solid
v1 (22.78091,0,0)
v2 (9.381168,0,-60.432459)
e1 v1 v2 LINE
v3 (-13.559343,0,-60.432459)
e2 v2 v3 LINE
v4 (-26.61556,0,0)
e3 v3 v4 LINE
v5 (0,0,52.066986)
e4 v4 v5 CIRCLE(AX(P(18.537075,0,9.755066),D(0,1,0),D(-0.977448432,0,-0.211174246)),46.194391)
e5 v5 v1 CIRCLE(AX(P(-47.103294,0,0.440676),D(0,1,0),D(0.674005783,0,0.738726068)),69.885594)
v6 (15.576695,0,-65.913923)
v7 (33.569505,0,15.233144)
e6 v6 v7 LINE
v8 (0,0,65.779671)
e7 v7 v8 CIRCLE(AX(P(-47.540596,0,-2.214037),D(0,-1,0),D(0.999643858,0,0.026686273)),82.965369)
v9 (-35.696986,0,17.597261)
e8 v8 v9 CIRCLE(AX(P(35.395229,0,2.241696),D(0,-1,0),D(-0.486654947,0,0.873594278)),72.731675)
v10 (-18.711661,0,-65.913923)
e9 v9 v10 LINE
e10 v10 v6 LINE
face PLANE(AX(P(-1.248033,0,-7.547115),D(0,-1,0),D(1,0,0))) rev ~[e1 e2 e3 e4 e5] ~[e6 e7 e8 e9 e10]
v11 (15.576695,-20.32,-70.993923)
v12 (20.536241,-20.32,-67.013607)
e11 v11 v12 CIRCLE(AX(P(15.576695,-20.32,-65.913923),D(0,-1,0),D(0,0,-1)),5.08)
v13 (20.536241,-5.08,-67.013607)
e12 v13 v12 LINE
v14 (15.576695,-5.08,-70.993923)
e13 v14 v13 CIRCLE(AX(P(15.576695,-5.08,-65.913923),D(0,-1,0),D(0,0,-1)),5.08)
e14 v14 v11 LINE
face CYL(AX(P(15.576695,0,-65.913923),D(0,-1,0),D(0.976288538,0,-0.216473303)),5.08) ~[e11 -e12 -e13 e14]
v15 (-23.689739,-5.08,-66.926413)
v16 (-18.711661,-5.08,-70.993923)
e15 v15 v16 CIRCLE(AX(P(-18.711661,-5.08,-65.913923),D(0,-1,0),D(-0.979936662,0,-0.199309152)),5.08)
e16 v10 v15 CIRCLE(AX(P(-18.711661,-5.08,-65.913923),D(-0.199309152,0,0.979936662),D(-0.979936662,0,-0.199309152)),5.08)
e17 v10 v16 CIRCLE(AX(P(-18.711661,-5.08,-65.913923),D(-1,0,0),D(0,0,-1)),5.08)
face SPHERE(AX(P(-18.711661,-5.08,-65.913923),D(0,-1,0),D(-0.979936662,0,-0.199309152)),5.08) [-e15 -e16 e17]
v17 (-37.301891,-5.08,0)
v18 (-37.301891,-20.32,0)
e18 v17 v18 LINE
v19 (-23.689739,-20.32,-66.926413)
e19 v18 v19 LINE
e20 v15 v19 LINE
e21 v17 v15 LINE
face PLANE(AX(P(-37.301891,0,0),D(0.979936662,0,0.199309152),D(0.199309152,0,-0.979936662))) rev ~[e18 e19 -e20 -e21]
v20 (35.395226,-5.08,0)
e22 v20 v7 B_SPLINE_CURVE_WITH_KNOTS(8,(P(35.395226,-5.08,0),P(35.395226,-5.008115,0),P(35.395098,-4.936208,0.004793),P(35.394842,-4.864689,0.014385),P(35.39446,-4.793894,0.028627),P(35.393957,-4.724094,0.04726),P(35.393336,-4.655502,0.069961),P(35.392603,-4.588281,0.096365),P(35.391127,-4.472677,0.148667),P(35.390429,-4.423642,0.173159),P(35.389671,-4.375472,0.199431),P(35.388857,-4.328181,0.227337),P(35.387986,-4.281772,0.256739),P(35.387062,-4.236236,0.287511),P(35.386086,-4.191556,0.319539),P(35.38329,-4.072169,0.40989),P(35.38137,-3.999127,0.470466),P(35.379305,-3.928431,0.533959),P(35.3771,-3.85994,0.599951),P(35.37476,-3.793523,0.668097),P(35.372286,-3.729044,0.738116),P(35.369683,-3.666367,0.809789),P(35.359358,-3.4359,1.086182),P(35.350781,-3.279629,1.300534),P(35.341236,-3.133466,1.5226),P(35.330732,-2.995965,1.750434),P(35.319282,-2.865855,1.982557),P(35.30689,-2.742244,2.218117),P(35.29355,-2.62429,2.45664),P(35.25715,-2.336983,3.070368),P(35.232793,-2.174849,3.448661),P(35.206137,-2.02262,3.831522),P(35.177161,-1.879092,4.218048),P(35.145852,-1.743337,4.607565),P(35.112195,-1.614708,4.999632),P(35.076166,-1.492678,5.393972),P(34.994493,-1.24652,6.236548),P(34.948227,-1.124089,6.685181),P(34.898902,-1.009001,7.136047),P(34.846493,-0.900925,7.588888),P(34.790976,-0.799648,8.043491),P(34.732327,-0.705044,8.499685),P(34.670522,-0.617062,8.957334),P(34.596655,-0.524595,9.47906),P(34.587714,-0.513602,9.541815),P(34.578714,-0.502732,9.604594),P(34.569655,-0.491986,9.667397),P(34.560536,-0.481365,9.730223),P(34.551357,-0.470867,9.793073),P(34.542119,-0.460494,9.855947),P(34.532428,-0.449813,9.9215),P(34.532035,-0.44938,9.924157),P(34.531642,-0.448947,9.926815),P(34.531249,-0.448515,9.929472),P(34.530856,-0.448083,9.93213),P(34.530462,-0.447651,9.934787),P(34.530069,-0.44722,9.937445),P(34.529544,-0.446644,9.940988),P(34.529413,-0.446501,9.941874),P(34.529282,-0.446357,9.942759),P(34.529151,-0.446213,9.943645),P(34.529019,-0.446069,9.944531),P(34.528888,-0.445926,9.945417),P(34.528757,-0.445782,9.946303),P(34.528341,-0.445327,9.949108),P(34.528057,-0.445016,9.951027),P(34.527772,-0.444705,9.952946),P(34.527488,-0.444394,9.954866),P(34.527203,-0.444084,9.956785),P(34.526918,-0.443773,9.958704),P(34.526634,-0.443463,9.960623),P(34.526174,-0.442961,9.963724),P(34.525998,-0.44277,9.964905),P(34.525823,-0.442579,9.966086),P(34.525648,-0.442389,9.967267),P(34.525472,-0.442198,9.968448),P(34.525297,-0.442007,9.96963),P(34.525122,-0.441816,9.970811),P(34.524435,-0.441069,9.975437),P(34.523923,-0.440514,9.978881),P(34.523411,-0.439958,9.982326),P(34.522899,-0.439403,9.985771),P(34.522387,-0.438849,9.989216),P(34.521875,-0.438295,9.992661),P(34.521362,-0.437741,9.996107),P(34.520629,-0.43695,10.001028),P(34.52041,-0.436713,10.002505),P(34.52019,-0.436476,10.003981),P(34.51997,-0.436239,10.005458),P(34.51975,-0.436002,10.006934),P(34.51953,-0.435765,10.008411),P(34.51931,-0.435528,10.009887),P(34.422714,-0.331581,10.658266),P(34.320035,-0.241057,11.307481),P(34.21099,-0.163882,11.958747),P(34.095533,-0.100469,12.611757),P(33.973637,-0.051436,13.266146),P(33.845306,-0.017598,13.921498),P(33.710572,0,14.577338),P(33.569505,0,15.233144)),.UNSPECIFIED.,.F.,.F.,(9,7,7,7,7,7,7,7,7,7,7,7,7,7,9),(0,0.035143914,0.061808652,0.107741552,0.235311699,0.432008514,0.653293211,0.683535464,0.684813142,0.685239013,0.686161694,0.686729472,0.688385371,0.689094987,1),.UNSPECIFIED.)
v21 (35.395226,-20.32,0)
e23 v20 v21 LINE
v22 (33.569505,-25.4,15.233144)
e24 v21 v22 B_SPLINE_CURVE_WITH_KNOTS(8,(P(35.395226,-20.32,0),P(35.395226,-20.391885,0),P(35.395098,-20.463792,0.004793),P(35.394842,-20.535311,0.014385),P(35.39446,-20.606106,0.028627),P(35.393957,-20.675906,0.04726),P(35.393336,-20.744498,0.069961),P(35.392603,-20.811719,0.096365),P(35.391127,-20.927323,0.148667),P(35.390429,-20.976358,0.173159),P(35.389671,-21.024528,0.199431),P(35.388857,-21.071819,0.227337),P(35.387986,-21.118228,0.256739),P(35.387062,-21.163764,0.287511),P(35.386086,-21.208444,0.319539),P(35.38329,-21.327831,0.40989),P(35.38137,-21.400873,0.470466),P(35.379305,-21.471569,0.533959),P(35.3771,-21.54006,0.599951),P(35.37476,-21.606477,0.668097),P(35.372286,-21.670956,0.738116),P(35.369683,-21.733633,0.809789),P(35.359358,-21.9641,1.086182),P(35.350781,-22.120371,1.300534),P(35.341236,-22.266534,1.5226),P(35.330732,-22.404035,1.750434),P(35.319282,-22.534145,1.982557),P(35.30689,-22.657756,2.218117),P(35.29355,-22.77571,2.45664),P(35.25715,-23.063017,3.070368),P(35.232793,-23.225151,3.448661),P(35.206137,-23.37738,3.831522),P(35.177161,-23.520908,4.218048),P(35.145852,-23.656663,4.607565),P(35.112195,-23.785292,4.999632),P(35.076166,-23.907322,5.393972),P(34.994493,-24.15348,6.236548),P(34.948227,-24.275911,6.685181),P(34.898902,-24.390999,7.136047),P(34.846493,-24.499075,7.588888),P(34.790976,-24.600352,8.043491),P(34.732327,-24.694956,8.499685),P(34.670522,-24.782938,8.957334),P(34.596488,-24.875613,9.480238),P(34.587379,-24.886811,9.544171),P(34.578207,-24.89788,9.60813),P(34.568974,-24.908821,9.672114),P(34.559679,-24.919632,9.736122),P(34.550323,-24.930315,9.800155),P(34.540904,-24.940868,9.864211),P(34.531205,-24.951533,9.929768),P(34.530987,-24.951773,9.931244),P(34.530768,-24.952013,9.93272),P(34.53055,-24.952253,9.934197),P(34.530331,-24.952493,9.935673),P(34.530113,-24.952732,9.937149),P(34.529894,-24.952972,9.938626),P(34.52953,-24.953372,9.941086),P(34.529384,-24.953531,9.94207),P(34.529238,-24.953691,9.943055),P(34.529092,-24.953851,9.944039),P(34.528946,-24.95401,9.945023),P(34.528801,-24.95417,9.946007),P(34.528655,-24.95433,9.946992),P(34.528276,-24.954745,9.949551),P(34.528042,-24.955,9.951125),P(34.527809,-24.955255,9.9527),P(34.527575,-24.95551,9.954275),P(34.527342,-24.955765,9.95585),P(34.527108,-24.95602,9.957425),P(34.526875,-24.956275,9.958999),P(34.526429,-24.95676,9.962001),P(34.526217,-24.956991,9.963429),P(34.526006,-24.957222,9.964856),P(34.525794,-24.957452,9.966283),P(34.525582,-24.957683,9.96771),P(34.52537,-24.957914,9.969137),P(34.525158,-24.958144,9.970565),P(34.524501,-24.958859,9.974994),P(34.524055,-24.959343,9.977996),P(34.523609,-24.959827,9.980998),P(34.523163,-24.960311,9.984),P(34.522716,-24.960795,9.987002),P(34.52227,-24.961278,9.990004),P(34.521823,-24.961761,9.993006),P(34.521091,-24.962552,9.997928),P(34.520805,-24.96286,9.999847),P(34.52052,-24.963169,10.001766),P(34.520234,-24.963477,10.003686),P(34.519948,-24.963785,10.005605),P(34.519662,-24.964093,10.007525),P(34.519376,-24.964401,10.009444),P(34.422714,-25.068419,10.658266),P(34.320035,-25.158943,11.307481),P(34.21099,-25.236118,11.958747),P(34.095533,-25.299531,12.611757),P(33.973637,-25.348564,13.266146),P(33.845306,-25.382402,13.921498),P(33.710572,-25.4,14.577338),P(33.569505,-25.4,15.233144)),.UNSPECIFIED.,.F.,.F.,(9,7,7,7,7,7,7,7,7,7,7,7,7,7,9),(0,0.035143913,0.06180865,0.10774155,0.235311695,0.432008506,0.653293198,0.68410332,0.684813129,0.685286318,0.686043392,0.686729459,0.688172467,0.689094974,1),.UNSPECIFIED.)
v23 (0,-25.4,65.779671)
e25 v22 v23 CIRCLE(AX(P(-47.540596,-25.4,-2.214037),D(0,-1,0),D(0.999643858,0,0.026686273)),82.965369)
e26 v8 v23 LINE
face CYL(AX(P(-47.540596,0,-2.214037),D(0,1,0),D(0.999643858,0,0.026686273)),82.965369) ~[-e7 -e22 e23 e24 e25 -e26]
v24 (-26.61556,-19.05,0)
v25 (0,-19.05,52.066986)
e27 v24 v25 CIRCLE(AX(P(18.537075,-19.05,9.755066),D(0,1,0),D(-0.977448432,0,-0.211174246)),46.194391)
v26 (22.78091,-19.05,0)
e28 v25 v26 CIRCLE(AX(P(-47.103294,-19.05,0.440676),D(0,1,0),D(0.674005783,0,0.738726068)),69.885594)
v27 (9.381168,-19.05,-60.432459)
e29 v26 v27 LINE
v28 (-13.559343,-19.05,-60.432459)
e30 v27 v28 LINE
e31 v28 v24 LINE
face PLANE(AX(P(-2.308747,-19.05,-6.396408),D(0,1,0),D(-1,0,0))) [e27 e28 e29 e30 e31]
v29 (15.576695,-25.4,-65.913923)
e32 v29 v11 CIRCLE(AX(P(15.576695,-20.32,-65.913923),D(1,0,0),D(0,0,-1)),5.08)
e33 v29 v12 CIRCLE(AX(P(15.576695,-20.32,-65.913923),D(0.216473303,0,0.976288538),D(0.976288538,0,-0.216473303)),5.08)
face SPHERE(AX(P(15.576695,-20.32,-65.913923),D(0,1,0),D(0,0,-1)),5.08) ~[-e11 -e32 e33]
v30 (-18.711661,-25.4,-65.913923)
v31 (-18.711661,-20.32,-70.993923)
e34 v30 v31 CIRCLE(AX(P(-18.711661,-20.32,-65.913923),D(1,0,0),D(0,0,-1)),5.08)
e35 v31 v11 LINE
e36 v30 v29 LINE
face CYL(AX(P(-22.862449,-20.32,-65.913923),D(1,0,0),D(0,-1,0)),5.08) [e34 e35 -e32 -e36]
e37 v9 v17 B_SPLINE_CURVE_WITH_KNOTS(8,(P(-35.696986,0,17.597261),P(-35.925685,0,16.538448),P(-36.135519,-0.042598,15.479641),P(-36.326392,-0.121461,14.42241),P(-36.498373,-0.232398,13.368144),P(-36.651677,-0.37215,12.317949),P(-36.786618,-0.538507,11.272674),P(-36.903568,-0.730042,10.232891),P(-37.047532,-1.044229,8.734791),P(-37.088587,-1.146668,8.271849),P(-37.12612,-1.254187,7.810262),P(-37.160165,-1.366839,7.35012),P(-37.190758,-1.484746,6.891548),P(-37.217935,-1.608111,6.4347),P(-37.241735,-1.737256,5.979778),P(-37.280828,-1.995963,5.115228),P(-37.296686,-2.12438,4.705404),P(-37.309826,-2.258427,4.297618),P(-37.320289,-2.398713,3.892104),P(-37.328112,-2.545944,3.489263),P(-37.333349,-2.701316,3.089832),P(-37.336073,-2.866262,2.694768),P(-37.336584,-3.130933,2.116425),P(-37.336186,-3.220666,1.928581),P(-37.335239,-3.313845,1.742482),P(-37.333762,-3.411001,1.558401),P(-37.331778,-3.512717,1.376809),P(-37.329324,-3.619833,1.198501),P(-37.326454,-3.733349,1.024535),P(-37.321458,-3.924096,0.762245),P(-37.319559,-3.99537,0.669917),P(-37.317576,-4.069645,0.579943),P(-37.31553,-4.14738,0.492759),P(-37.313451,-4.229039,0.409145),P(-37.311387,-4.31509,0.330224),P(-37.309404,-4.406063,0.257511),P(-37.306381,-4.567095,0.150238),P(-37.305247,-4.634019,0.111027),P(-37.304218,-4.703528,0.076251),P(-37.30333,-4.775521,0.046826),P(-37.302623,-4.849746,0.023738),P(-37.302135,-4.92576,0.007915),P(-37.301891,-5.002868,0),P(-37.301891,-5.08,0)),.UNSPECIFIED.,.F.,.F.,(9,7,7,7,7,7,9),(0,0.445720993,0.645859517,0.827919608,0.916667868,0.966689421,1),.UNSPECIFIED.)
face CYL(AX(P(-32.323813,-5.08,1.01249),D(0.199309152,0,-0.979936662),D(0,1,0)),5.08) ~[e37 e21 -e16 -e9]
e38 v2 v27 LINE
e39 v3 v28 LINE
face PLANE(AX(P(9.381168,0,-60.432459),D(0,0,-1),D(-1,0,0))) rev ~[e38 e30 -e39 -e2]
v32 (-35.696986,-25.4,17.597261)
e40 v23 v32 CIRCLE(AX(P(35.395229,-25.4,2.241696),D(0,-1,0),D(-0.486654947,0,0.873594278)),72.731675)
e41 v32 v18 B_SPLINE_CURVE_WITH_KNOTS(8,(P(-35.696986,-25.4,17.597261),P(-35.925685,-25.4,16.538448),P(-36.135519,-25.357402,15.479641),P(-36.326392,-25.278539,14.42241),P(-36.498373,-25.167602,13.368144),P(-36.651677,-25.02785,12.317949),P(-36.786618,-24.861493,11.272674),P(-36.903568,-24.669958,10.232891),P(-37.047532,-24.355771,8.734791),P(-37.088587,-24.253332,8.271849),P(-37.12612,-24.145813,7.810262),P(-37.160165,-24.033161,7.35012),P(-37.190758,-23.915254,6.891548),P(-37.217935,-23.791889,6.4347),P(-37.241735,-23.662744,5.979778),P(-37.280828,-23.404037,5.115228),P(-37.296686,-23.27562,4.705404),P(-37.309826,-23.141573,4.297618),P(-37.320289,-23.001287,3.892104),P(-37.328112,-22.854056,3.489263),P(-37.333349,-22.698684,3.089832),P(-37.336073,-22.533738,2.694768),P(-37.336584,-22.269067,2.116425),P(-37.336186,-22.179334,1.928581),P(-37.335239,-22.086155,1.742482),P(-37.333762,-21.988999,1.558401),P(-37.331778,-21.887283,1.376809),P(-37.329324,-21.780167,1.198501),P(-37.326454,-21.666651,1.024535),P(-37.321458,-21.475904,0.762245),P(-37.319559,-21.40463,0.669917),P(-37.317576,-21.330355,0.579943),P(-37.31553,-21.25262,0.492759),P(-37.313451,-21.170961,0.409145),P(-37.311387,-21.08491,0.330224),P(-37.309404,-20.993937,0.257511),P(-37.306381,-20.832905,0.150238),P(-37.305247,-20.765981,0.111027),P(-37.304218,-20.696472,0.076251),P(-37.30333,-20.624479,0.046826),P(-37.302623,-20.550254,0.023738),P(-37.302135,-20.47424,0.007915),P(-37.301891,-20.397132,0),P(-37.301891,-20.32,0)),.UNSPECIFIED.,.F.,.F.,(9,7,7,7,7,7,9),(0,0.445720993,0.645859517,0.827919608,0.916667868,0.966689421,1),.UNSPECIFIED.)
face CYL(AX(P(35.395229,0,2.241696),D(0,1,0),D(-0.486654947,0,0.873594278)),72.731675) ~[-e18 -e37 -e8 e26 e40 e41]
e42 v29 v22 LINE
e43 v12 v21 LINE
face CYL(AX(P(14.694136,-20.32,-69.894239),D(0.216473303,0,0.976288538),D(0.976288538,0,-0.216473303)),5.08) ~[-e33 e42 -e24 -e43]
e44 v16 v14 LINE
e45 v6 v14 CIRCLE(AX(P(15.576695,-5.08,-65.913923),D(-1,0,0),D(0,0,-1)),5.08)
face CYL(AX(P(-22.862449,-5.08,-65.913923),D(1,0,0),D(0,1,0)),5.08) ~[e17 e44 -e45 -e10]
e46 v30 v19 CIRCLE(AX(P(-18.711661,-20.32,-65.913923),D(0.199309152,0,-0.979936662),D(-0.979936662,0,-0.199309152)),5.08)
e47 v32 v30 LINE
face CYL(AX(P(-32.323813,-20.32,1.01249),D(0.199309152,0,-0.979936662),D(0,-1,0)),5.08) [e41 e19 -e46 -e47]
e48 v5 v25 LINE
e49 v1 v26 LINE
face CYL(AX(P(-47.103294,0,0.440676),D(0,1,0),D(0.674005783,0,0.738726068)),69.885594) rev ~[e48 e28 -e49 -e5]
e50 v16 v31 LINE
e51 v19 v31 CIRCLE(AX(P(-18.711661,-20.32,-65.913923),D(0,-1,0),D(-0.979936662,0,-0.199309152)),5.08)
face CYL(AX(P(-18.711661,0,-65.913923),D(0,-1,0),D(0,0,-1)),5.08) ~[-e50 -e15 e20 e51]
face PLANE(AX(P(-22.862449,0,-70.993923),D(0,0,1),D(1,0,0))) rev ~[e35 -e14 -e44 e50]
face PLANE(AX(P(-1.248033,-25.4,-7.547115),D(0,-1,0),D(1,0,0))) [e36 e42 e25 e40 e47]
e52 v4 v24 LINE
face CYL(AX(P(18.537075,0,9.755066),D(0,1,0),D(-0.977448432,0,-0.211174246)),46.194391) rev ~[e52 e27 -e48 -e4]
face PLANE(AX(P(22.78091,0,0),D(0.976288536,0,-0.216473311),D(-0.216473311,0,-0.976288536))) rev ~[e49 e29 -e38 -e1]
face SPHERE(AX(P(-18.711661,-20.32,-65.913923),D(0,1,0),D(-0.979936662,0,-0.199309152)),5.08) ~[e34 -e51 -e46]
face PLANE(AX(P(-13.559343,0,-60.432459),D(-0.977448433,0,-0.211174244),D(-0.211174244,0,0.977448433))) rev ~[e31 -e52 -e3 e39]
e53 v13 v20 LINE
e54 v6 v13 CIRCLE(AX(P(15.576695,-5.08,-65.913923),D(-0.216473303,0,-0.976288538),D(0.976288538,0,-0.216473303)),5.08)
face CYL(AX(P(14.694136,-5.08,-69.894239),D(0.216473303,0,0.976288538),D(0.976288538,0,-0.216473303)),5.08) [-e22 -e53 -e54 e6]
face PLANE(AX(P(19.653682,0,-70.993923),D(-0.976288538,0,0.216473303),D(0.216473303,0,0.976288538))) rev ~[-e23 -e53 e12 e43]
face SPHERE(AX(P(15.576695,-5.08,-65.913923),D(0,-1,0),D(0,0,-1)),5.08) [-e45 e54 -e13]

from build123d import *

# Parameters (mm, degrees)
F1_DEPTH = 25.4
F3_DEPTH = 19.05
F4_DEPTH = 19.05
F5_R     = 5.08


with BuildPart() as f1:
    # F0 (on Front) → F1 (new body)
    with BuildSketch(Plane.XZ):
        with BuildLine():
            ThreePointArc((35.395226, 0), (25.519415, 37.09865), (0, 65.779671))
            ThreePointArc((0, 65.779671), (-27.871905, 38.118795), (-37.301891, 0))
            Line((-37.301891, 0), (-22.862449, -70.993923))
            Line((-22.862449, -70.993923), (19.653682, -70.993923))
            Line((19.653682, -70.993923), (35.395226, 0))
        make_face()
    extrude(amount=F1_DEPTH)

    # F2 (on face) → F3 (cut)
    with BuildSketch(Plane(origin=(0, 0, 0), x_dir=(-1, 0, 0), z_dir=(0, 1, 0))):
        with BuildLine():
            ThreePointArc((26.61556, 0), (22.594878, 30.780864), (0, 52.066986))
            ThreePointArc((0, 52.066986), (-16.922181, 28.453793), (-22.78091, 0))
            Line((-22.78091, 0), (-9.381168, -60.432459))
            Line((-9.381168, -60.432459), (13.559343, -60.432459))
            Line((13.559343, -60.432459), (26.61556, 0))
        make_face()
    extrude(amount=F3_DEPTH, mode=Mode.SUBTRACT)

    # F2 (on face) → F4 (cut)
    with BuildSketch(Plane(origin=(0, 0, 0), x_dir=(-1, 0, 0), z_dir=(0, 1, 0))):
        with BuildLine():
            ThreePointArc((26.61556, 0), (22.594878, 30.780864), (0, 52.066986))
            ThreePointArc((0, 52.066986), (-16.922181, 28.453793), (-22.78091, 0))
            Line((-22.78091, 0), (-9.381168, -60.432459))
            Line((-9.381168, -60.432459), (13.559343, -60.432459))
            Line((13.559343, -60.432459), (26.61556, 0))
        make_face()
    extrude(amount=-F4_DEPTH, mode=Mode.SUBTRACT)

    # F5
    f5_edges = [f1.edges().sort_by_distance(p)[0] for p in [
        (27.524454, 0, -35.496961),
        (27.524454, -25.4, -35.496961),
        (19.653682, -12.7, -70.993923),
        (-1.604384, 0, -70.993923),
        (-1.604384, -25.4, -70.993923),
        (-22.862449, -12.7, -70.993923),
        (-30.08217, 0, -35.496961),
        (-30.08217, -25.4, -35.496961),
    ]]
    fillet(f5_edges, radius=F5_R)


solid = f1.part
